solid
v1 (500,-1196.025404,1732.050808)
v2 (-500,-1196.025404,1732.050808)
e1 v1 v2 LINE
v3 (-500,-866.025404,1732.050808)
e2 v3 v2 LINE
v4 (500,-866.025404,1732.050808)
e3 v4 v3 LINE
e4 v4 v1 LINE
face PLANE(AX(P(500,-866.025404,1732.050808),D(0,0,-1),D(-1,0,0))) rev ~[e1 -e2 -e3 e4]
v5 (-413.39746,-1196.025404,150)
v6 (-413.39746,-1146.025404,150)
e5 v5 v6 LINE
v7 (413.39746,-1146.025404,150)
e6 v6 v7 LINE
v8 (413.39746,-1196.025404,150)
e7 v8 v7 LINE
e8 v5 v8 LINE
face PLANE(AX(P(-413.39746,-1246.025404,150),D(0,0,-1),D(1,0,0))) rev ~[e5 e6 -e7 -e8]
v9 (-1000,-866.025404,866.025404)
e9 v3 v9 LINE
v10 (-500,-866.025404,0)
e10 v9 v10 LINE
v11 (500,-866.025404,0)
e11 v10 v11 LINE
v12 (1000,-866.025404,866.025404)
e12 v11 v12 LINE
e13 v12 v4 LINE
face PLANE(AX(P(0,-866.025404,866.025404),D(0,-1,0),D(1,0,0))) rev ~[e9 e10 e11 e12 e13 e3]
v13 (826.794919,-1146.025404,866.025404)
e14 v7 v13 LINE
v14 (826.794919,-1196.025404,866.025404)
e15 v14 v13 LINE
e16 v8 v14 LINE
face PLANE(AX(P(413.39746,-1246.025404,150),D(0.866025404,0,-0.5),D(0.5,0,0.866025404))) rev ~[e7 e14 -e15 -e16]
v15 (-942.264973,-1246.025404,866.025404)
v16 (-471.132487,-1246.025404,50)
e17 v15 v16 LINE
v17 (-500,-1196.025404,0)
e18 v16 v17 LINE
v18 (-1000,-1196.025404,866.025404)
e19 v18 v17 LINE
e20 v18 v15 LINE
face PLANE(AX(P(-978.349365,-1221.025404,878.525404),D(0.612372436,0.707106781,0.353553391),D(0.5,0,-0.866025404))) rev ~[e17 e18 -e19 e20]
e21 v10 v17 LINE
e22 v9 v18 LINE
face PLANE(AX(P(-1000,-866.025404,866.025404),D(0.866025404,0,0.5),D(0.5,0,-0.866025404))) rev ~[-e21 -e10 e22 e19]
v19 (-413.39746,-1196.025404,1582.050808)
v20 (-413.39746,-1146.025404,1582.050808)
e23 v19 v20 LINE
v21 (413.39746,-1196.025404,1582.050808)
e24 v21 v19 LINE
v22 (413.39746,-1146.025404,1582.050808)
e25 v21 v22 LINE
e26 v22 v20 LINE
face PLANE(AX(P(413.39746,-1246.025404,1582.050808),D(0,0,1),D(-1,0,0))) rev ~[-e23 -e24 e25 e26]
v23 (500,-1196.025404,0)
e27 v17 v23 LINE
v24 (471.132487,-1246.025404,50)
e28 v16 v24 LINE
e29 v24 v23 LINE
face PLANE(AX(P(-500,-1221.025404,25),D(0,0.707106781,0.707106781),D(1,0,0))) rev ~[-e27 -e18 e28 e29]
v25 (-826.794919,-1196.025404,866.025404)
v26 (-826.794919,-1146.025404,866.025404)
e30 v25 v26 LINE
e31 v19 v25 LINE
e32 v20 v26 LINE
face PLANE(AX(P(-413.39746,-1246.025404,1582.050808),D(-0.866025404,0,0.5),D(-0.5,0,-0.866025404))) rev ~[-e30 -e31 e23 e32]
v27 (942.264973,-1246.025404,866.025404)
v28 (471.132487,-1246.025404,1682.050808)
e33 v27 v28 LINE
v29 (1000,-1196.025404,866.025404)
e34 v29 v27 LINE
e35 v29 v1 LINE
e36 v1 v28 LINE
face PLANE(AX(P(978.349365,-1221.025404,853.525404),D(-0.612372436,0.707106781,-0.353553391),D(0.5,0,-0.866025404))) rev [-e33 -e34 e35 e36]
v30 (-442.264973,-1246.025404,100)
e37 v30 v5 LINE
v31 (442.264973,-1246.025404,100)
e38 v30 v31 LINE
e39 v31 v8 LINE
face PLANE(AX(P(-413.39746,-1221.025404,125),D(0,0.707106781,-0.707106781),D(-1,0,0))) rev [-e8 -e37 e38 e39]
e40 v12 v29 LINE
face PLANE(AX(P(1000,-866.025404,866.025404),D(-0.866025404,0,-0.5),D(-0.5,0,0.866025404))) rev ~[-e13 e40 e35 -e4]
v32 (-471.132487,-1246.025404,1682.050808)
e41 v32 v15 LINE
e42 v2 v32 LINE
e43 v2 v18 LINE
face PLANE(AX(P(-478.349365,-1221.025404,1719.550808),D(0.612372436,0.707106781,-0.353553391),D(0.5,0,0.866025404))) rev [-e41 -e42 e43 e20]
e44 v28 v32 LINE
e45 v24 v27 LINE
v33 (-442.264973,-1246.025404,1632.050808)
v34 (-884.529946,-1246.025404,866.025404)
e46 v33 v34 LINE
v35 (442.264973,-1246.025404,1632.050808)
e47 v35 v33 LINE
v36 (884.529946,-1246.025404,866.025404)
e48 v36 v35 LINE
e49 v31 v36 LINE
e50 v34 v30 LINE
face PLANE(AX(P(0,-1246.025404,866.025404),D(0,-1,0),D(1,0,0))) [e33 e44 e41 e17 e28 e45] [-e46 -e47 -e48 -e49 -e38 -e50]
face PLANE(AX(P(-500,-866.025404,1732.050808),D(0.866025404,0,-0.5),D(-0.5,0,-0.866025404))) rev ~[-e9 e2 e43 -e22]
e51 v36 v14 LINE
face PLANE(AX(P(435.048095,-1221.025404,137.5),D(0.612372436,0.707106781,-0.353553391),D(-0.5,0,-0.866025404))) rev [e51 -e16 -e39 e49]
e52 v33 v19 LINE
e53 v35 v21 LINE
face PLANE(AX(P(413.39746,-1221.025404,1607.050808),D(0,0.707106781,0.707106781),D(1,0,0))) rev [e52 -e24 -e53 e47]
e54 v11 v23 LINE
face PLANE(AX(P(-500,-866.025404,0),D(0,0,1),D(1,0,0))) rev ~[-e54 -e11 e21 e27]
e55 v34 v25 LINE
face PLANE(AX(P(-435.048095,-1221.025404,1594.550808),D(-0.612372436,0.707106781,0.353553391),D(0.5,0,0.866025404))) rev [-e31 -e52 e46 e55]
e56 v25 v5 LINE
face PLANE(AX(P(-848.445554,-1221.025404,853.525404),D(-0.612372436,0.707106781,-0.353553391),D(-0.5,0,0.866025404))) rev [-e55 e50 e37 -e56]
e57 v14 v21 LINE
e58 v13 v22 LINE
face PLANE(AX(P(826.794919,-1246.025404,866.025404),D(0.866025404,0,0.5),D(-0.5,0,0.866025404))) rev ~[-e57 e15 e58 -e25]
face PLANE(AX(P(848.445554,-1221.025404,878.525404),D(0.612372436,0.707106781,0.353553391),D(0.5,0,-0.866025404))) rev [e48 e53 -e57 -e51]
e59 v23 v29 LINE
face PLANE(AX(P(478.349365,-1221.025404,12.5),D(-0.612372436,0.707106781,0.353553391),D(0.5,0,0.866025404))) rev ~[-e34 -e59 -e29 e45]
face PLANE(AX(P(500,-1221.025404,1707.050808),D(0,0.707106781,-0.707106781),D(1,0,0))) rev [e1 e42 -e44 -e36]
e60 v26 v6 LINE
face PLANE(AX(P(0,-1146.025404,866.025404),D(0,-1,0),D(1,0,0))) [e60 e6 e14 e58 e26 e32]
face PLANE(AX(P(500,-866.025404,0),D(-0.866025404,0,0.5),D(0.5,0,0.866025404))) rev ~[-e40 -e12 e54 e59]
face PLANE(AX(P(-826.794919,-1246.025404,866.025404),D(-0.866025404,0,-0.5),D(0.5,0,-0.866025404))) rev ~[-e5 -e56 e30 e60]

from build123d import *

# Parameters (mm, degrees)
F1_DEPTH = 380
F3_DEPTH = 100
F4_SIZE  = 50
F5_ANGLE = -90


with BuildPart() as f1:
    # F0 (on Top) → F1 (new body)
    with BuildSketch(Plane.XY):
        Polygon((500, 866.0254037844), (-500, 866.0254037844), (-1000, 0), (-500, -866.0254037844), (500, -866.0254037844), (1000, 0), align=None)
    extrude(amount=F1_DEPTH)

    # F2 (on face) → F3 (cut)
    with BuildSketch(Plane.XY.offset(380)):
        Polygon((-826.7949192431, 0), (-413.3974596216, -716.0254037844), (413.3974596216, -716.0254037844), (826.7949192431, 0), (413.3974596216, 716.0254037844), (-413.3974596216, 716.0254037844), align=None)
    extrude(amount=-F3_DEPTH, mode=Mode.SUBTRACT)

    # F4
    f4_edges = [f1.edges().sort_by_distance(p)[0] for p in [
        (0, 866.025404, 380),
        (750, 433.012702, 380),
        (-750, 433.012702, 380),
        (750, -433.012702, 380),
        (-750, -433.012702, 380),
        (0, -866.025404, 380),
        (0, 716.025404, 380),
        (-620.096189, 358.012702, 380),
        (-620.096189, -358.012702, 380),
        (0, -716.025404, 380),
        (620.096189, -358.012702, 380),
        (620.096189, 358.012702, 380),
    ]]
    chamfer(f4_edges, length=F4_SIZE)


with BuildPart() as f1_1:
    # F5: moved
    add(f1.part.rotate(Axis((0, -866.0254037844, 0), (-1, 0, 0)), F5_ANGLE))


solid = f1_1.part
